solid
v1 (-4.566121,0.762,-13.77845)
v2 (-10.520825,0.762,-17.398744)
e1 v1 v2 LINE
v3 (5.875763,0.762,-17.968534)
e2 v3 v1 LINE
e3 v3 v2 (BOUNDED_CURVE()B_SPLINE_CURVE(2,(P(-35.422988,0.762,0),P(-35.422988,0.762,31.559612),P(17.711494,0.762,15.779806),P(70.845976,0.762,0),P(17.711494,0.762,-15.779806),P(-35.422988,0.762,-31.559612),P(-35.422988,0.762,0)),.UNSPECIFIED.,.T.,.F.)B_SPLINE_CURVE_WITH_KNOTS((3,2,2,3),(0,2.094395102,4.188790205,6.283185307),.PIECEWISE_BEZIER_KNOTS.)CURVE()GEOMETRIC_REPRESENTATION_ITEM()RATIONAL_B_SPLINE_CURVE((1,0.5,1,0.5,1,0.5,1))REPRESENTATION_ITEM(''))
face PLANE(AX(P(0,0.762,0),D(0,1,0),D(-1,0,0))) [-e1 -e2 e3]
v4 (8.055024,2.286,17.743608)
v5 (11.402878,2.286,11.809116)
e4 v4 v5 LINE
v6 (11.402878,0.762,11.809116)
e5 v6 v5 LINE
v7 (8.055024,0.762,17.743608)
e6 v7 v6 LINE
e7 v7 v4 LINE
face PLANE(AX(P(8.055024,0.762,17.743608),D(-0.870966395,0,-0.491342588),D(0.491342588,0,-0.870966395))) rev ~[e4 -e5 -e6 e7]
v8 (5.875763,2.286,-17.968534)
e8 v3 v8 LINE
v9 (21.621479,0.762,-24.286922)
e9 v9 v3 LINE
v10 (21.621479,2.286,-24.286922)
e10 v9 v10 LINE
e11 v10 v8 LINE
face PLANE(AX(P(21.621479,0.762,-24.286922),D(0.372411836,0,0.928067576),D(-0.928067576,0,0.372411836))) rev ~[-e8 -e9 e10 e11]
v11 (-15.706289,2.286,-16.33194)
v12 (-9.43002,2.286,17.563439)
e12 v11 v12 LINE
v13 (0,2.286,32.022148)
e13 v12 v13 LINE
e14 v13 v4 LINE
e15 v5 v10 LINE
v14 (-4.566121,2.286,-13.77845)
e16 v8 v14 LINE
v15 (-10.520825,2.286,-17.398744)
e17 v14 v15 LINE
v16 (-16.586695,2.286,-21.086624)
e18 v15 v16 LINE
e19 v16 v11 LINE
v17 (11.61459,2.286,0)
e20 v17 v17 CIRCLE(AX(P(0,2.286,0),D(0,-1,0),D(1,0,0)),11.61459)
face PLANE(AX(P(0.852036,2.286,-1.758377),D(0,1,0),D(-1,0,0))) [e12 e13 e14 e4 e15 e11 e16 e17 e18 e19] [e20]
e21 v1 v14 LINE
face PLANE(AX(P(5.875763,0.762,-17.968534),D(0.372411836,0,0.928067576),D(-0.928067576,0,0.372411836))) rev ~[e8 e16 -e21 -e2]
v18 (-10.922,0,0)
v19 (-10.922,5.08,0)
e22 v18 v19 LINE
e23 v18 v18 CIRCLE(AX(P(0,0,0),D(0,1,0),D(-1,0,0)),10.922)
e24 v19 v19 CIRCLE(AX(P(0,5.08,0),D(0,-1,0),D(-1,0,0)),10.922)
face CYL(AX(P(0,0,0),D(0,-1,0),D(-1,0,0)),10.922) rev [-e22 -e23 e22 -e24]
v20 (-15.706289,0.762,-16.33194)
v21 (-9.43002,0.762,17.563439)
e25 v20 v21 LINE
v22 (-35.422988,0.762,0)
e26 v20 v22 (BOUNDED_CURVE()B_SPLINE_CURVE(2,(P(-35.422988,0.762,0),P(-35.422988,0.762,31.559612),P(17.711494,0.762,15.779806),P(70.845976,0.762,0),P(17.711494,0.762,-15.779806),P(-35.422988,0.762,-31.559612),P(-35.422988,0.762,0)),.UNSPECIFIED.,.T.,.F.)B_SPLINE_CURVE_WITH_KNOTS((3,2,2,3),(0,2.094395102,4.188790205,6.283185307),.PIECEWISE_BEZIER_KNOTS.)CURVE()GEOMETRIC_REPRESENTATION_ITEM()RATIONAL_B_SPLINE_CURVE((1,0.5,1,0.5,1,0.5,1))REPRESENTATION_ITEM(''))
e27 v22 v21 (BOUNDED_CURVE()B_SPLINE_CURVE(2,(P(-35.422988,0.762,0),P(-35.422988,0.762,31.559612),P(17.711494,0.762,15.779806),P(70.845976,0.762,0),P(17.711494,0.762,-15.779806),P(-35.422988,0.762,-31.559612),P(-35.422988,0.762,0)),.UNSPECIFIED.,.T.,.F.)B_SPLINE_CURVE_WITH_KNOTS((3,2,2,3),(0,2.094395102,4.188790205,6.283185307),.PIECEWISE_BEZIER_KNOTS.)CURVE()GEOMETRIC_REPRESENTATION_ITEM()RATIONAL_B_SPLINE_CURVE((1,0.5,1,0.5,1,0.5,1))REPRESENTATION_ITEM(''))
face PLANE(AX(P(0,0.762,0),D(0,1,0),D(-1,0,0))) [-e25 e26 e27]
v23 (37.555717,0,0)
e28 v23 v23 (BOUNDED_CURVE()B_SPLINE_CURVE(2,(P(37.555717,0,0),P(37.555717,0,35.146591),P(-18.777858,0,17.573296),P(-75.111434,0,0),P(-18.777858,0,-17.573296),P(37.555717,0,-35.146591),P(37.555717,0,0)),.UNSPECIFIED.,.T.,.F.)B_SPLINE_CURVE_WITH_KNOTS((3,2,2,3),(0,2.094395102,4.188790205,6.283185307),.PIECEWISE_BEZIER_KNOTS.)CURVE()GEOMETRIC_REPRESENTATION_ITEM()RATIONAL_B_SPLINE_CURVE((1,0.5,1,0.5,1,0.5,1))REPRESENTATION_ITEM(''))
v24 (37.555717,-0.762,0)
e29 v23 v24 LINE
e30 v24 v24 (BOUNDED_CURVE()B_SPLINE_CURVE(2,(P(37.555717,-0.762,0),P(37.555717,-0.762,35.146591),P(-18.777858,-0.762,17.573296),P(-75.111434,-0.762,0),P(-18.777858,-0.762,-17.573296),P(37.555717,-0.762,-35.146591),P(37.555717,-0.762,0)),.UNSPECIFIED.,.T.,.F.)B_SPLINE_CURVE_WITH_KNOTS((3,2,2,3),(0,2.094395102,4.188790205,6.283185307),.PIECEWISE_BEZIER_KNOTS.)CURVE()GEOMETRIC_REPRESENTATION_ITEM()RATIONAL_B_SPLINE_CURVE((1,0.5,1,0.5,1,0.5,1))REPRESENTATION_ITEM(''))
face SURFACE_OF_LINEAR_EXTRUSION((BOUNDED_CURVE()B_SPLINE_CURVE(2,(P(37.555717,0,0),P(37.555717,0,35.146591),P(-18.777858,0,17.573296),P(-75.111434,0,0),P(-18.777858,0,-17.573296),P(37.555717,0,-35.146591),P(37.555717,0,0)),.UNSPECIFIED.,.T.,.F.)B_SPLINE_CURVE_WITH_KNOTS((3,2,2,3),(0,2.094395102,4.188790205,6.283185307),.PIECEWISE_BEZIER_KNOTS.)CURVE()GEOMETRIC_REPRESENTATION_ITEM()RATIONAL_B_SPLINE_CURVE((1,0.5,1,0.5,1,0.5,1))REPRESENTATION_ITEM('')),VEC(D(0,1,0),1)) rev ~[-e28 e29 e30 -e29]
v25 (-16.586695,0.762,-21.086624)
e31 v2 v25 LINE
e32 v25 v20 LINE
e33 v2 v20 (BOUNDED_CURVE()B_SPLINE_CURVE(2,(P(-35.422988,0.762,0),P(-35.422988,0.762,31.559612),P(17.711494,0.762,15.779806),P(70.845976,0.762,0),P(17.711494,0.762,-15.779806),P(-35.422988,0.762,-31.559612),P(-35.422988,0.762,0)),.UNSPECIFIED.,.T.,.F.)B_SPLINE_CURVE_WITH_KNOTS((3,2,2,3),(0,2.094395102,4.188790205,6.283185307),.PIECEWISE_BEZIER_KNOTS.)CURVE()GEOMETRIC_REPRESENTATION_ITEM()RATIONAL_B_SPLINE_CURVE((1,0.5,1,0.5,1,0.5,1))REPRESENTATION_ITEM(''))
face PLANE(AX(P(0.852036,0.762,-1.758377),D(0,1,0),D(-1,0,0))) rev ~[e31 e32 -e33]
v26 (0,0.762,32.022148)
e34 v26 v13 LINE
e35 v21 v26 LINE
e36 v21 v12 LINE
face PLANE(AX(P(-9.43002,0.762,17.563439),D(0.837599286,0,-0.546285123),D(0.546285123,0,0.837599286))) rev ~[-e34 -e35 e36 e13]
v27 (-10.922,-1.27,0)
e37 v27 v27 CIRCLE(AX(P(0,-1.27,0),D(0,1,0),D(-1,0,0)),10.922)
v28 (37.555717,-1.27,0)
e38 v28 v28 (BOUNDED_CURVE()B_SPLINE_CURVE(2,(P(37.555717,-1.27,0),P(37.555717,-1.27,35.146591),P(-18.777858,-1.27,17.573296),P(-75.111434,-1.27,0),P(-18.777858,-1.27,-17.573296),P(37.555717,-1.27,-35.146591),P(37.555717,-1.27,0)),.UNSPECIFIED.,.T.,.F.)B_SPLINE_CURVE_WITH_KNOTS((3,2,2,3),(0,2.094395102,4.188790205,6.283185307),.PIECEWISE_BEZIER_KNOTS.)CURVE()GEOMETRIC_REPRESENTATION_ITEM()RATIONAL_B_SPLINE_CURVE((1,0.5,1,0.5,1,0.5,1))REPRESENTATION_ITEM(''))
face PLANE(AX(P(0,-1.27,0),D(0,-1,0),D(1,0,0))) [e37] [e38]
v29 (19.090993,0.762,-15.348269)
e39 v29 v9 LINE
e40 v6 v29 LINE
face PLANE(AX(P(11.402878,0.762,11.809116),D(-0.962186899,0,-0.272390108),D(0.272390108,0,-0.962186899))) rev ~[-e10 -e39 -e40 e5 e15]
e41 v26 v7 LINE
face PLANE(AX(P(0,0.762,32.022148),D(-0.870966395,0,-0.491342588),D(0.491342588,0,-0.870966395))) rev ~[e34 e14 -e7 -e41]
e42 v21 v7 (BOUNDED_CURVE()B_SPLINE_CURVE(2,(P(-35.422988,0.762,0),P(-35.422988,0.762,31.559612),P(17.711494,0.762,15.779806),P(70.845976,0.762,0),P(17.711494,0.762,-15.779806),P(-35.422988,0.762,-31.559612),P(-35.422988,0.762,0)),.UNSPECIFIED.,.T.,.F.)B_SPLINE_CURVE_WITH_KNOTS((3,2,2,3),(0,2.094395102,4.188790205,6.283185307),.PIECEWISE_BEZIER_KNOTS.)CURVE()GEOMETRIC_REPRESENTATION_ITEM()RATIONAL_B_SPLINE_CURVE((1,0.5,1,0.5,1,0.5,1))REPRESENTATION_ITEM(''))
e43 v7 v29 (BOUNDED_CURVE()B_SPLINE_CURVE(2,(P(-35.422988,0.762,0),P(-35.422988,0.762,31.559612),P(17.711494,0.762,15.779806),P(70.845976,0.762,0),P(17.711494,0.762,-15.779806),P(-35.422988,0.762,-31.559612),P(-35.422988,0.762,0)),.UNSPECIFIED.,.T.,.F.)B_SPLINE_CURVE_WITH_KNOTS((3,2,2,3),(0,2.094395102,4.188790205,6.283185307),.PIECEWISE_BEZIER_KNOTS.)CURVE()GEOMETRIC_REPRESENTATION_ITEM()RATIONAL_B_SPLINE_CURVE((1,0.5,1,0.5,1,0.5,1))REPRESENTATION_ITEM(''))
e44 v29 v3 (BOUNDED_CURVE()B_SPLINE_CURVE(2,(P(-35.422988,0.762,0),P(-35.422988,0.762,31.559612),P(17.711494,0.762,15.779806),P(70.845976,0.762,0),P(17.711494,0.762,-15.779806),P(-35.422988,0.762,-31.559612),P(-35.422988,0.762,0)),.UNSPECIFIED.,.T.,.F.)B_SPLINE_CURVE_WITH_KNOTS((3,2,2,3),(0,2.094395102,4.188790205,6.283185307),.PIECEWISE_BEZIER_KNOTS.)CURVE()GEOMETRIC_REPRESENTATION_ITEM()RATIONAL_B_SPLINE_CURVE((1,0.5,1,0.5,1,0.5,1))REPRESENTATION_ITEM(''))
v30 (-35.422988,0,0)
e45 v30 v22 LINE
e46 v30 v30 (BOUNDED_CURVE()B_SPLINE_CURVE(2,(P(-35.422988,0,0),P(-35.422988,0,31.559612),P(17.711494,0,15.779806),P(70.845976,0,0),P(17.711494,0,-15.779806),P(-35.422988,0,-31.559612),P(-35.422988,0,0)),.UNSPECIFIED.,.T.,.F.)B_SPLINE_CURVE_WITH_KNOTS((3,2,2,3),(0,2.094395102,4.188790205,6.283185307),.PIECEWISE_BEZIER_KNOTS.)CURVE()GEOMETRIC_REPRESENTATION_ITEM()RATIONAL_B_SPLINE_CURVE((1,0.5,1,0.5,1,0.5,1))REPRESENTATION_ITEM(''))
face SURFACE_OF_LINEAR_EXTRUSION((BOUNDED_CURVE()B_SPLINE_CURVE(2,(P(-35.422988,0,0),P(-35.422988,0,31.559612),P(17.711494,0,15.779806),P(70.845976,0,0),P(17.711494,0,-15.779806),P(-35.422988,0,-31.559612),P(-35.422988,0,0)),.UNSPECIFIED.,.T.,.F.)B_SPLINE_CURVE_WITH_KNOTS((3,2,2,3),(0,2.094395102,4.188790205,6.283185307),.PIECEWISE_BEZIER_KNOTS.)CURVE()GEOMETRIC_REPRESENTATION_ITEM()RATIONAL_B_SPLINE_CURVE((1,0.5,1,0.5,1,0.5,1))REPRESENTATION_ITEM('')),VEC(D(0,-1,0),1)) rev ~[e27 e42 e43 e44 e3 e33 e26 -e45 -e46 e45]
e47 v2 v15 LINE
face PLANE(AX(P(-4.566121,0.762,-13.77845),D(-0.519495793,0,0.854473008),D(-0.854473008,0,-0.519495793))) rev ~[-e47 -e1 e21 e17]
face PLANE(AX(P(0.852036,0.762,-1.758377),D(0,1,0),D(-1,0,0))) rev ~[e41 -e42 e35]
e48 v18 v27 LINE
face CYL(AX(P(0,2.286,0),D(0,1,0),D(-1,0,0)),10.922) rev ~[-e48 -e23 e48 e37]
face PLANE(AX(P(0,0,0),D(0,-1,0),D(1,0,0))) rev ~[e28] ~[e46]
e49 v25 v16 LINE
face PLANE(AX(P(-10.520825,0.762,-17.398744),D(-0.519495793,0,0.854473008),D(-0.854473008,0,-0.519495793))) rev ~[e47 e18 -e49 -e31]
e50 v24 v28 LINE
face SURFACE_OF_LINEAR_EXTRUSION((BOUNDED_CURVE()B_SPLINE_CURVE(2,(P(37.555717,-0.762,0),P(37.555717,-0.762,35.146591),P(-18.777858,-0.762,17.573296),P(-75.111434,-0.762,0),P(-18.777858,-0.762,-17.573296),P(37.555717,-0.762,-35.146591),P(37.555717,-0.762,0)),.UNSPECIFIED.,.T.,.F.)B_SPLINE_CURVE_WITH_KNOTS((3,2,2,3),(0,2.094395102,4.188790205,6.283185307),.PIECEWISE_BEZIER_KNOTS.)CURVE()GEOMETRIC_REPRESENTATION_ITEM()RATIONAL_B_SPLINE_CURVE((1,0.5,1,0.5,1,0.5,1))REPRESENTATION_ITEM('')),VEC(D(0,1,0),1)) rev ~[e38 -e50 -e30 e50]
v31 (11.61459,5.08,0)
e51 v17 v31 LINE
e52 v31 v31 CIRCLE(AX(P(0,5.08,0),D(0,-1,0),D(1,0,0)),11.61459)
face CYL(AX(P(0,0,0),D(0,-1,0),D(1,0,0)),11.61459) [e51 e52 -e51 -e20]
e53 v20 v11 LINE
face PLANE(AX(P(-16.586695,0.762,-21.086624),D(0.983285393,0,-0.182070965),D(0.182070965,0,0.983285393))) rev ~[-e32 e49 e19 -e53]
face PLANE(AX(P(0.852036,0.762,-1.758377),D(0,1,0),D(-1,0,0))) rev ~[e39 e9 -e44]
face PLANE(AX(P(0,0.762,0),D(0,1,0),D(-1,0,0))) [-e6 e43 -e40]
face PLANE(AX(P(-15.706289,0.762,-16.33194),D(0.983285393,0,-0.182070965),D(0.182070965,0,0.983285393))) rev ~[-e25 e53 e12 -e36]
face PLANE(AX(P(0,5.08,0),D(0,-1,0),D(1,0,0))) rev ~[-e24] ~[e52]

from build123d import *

# Parameters (mm, degrees)
F1_DEPTH  = 0.762
F3_DEPTH  = 0.762
F4_DEPTH  = 0.508
F6_DEPTH  = 1.524
F7_R      = 10.922
F8_DEPTH  = 26.67
F9_R      = 11.6145902158
F10_DEPTH = 5.08
F11_DEPTH = 25.4


with BuildPart() as f1:
    # F0 (on Front) → F1 (new body)
    with BuildSketch(Plane.XZ):
        with BuildLine():
            add(Edge.make_bspline(
                [(37.5557169318, 0), (37.5557169318, 35.1465910741), (-18.7778584659, 17.5732955371), (-75.1114338636, 0), (-18.7778584659, -17.5732955371), (37.5557169318, -35.1465910741), (37.5557169318, 0)],
                knots=[0, 0, 0, 2.0943951024, 2.0943951024, 4.1887902048, 4.1887902048, 6.2831853072, 6.2831853072, 6.2831853072], degree=2, weights=[1, 0.5, 1, 0.5, 1, 0.5, 1]))
        make_face()
    extrude(amount=F1_DEPTH)

    # F2 (on face) → F3 (join)
    with BuildSketch(Plane(origin=(0, 0, 0), x_dir=(-1, 0, 0), z_dir=(0, 1, 0))):
        with BuildLine():
            add(Edge.make_bspline(
                [(35.422988236, 0), (35.422988236, 31.5596123825), (-17.711494118, 15.7798061912), (-70.8459764719, 0), (-17.711494118, -15.7798061912), (35.422988236, -31.5596123825), (35.422988236, 0)],
                knots=[0, 0, 0, 2.0943951024, 2.0943951024, 4.1887902048, 4.1887902048, 6.2831853072, 6.2831853072, 6.2831853072], degree=2, weights=[1, 0.5, 1, 0.5, 1, 0.5, 1]))
        make_face()
    extrude(amount=F3_DEPTH)

    # F4 (add): a face of the model
    f4_faces = [f1.faces().sort_by_distance(p)[0] for p in [
        (0.1994472738, -0.762, 0),
    ]]
    extrude(f4_faces, amount=F4_DEPTH)

    # F5 (on face) → F6 (join)
    with BuildSketch(Plane(origin=(0, 0.762, 0), x_dir=(-1, 0, 0), z_dir=(0, 1, 0))):
        with BuildLine():
            Line((-11.402877979, 11.8091162294), (-19.090992638, -15.34826942))
            add(Edge.make_bspline(
                [(-19.090992638, -15.34826942), (-18.410805555, -15.5721256333), (-17.711494118, -15.7798061912), (-12.177428059, -17.4233055911), (-5.8757628878, -17.9685341706)],
                knots=[4.1343770065, 4.1343770065, 4.1343770065, 4.1887902048, 4.1887902048, 4.5839089239, 4.5839089239, 4.5839089239], degree=2, weights=[0.9746945921, 0.9870098058, 1, 0.9056723541, 0.8469355273]))
            Line((-5.8757628878, -17.9685341706), (4.5661213808, -13.7784499675))
            Line((4.5661213808, -13.7784499675), (10.52082492, -17.39874389))
            add(Edge.make_bspline(
                [(10.52082492, -17.39874389), (13.1955577452, -16.9708028062), (15.7062893013, -16.3319397402)],
                knots=[5.0337850375, 5.0337850375, 5.0337850375, 5.1777278333, 5.1777278333, 5.1777278333], degree=2, weights=[0.7593208765, 0.7526855897, 0.7507737891]))
            Line((15.7062893013, -16.3319397402), (9.4300195328, 17.563439373))
            add(Edge.make_bspline(
                [(9.4300195328, 17.563439373), (0.732109999, 18.7990726312), (-8.0550239327, 17.7436076418)],
                knots=[1.2789236158, 1.2789236158, 1.2789236158, 1.7643022688, 1.7643022688, 1.7643022688], degree=2, weights=[0.762241441, 0.7878826401, 0.8672324745]))
            Line((-8.0550239327, 17.7436076418), (-11.402877979, 11.8091162294))
        make_face()
        with BuildLine():
            Line((0, 32.0221483707), (-8.0550239327, 17.7436076418))
            add(Edge.make_bspline(
                [(9.4300195328, 17.563439373), (0.732109999, 18.7990726312), (-8.0550239327, 17.7436076418)],
                knots=[1.2789236158, 1.2789236158, 1.2789236158, 1.7643022688, 1.7643022688, 1.7643022688], degree=2, weights=[0.762241441, 0.7878826401, 0.8672324745]))
            Line((9.4300195328, 17.563439373), (0, 32.0221483707))
        make_face()
        with BuildLine():
            Line((-19.090992638, -15.34826942), (-21.6214787215, -24.2869220674))
            Line((-21.6214787215, -24.2869220674), (-5.8757628878, -17.9685341706))
            add(Edge.make_bspline(
                [(-19.090992638, -15.34826942), (-18.410805555, -15.5721256333), (-17.711494118, -15.7798061912), (-12.177428059, -17.4233055911), (-5.8757628878, -17.9685341706)],
                knots=[4.1343770065, 4.1343770065, 4.1343770065, 4.1887902048, 4.1887902048, 4.5839089239, 4.5839089239, 4.5839089239], degree=2, weights=[0.9746945921, 0.9870098058, 1, 0.9056723541, 0.8469355273]))
        make_face()
        with BuildLine():
            add(Edge.make_bspline(
                [(10.52082492, -17.39874389), (13.1955577452, -16.9708028062), (15.7062893013, -16.3319397402)],
                knots=[5.0337850375, 5.0337850375, 5.0337850375, 5.1777278333, 5.1777278333, 5.1777278333], degree=2, weights=[0.7593208765, 0.7526855897, 0.7507737891]))
            Line((10.52082492, -17.39874389), (16.5866948664, -21.0866238922))
            Line((16.5866948664, -21.0866238922), (15.7062893013, -16.3319397402))
        make_face()
    extrude(amount=F6_DEPTH)

    # F7 (on face) → F8 (cut)
    with BuildSketch(Plane(origin=(0, 2.286, 0), x_dir=(-1, 0, 0), z_dir=(0, 1, 0))):
        Circle(F7_R)
    extrude(amount=-F8_DEPTH, mode=Mode.SUBTRACT)

    # F9 (on Front) → F10 (join)
    with BuildSketch(Plane.XZ):
        Circle(F9_R)
    extrude(amount=-F10_DEPTH)

    # F11 (cut): a face of the model
    f11_faces = [f1.faces().sort_by_distance(p)[0] for p in [
        (0, 0, 0),
    ]]
    extrude(f11_faces, amount=-F11_DEPTH, mode=Mode.SUBTRACT)


solid = f1.part
